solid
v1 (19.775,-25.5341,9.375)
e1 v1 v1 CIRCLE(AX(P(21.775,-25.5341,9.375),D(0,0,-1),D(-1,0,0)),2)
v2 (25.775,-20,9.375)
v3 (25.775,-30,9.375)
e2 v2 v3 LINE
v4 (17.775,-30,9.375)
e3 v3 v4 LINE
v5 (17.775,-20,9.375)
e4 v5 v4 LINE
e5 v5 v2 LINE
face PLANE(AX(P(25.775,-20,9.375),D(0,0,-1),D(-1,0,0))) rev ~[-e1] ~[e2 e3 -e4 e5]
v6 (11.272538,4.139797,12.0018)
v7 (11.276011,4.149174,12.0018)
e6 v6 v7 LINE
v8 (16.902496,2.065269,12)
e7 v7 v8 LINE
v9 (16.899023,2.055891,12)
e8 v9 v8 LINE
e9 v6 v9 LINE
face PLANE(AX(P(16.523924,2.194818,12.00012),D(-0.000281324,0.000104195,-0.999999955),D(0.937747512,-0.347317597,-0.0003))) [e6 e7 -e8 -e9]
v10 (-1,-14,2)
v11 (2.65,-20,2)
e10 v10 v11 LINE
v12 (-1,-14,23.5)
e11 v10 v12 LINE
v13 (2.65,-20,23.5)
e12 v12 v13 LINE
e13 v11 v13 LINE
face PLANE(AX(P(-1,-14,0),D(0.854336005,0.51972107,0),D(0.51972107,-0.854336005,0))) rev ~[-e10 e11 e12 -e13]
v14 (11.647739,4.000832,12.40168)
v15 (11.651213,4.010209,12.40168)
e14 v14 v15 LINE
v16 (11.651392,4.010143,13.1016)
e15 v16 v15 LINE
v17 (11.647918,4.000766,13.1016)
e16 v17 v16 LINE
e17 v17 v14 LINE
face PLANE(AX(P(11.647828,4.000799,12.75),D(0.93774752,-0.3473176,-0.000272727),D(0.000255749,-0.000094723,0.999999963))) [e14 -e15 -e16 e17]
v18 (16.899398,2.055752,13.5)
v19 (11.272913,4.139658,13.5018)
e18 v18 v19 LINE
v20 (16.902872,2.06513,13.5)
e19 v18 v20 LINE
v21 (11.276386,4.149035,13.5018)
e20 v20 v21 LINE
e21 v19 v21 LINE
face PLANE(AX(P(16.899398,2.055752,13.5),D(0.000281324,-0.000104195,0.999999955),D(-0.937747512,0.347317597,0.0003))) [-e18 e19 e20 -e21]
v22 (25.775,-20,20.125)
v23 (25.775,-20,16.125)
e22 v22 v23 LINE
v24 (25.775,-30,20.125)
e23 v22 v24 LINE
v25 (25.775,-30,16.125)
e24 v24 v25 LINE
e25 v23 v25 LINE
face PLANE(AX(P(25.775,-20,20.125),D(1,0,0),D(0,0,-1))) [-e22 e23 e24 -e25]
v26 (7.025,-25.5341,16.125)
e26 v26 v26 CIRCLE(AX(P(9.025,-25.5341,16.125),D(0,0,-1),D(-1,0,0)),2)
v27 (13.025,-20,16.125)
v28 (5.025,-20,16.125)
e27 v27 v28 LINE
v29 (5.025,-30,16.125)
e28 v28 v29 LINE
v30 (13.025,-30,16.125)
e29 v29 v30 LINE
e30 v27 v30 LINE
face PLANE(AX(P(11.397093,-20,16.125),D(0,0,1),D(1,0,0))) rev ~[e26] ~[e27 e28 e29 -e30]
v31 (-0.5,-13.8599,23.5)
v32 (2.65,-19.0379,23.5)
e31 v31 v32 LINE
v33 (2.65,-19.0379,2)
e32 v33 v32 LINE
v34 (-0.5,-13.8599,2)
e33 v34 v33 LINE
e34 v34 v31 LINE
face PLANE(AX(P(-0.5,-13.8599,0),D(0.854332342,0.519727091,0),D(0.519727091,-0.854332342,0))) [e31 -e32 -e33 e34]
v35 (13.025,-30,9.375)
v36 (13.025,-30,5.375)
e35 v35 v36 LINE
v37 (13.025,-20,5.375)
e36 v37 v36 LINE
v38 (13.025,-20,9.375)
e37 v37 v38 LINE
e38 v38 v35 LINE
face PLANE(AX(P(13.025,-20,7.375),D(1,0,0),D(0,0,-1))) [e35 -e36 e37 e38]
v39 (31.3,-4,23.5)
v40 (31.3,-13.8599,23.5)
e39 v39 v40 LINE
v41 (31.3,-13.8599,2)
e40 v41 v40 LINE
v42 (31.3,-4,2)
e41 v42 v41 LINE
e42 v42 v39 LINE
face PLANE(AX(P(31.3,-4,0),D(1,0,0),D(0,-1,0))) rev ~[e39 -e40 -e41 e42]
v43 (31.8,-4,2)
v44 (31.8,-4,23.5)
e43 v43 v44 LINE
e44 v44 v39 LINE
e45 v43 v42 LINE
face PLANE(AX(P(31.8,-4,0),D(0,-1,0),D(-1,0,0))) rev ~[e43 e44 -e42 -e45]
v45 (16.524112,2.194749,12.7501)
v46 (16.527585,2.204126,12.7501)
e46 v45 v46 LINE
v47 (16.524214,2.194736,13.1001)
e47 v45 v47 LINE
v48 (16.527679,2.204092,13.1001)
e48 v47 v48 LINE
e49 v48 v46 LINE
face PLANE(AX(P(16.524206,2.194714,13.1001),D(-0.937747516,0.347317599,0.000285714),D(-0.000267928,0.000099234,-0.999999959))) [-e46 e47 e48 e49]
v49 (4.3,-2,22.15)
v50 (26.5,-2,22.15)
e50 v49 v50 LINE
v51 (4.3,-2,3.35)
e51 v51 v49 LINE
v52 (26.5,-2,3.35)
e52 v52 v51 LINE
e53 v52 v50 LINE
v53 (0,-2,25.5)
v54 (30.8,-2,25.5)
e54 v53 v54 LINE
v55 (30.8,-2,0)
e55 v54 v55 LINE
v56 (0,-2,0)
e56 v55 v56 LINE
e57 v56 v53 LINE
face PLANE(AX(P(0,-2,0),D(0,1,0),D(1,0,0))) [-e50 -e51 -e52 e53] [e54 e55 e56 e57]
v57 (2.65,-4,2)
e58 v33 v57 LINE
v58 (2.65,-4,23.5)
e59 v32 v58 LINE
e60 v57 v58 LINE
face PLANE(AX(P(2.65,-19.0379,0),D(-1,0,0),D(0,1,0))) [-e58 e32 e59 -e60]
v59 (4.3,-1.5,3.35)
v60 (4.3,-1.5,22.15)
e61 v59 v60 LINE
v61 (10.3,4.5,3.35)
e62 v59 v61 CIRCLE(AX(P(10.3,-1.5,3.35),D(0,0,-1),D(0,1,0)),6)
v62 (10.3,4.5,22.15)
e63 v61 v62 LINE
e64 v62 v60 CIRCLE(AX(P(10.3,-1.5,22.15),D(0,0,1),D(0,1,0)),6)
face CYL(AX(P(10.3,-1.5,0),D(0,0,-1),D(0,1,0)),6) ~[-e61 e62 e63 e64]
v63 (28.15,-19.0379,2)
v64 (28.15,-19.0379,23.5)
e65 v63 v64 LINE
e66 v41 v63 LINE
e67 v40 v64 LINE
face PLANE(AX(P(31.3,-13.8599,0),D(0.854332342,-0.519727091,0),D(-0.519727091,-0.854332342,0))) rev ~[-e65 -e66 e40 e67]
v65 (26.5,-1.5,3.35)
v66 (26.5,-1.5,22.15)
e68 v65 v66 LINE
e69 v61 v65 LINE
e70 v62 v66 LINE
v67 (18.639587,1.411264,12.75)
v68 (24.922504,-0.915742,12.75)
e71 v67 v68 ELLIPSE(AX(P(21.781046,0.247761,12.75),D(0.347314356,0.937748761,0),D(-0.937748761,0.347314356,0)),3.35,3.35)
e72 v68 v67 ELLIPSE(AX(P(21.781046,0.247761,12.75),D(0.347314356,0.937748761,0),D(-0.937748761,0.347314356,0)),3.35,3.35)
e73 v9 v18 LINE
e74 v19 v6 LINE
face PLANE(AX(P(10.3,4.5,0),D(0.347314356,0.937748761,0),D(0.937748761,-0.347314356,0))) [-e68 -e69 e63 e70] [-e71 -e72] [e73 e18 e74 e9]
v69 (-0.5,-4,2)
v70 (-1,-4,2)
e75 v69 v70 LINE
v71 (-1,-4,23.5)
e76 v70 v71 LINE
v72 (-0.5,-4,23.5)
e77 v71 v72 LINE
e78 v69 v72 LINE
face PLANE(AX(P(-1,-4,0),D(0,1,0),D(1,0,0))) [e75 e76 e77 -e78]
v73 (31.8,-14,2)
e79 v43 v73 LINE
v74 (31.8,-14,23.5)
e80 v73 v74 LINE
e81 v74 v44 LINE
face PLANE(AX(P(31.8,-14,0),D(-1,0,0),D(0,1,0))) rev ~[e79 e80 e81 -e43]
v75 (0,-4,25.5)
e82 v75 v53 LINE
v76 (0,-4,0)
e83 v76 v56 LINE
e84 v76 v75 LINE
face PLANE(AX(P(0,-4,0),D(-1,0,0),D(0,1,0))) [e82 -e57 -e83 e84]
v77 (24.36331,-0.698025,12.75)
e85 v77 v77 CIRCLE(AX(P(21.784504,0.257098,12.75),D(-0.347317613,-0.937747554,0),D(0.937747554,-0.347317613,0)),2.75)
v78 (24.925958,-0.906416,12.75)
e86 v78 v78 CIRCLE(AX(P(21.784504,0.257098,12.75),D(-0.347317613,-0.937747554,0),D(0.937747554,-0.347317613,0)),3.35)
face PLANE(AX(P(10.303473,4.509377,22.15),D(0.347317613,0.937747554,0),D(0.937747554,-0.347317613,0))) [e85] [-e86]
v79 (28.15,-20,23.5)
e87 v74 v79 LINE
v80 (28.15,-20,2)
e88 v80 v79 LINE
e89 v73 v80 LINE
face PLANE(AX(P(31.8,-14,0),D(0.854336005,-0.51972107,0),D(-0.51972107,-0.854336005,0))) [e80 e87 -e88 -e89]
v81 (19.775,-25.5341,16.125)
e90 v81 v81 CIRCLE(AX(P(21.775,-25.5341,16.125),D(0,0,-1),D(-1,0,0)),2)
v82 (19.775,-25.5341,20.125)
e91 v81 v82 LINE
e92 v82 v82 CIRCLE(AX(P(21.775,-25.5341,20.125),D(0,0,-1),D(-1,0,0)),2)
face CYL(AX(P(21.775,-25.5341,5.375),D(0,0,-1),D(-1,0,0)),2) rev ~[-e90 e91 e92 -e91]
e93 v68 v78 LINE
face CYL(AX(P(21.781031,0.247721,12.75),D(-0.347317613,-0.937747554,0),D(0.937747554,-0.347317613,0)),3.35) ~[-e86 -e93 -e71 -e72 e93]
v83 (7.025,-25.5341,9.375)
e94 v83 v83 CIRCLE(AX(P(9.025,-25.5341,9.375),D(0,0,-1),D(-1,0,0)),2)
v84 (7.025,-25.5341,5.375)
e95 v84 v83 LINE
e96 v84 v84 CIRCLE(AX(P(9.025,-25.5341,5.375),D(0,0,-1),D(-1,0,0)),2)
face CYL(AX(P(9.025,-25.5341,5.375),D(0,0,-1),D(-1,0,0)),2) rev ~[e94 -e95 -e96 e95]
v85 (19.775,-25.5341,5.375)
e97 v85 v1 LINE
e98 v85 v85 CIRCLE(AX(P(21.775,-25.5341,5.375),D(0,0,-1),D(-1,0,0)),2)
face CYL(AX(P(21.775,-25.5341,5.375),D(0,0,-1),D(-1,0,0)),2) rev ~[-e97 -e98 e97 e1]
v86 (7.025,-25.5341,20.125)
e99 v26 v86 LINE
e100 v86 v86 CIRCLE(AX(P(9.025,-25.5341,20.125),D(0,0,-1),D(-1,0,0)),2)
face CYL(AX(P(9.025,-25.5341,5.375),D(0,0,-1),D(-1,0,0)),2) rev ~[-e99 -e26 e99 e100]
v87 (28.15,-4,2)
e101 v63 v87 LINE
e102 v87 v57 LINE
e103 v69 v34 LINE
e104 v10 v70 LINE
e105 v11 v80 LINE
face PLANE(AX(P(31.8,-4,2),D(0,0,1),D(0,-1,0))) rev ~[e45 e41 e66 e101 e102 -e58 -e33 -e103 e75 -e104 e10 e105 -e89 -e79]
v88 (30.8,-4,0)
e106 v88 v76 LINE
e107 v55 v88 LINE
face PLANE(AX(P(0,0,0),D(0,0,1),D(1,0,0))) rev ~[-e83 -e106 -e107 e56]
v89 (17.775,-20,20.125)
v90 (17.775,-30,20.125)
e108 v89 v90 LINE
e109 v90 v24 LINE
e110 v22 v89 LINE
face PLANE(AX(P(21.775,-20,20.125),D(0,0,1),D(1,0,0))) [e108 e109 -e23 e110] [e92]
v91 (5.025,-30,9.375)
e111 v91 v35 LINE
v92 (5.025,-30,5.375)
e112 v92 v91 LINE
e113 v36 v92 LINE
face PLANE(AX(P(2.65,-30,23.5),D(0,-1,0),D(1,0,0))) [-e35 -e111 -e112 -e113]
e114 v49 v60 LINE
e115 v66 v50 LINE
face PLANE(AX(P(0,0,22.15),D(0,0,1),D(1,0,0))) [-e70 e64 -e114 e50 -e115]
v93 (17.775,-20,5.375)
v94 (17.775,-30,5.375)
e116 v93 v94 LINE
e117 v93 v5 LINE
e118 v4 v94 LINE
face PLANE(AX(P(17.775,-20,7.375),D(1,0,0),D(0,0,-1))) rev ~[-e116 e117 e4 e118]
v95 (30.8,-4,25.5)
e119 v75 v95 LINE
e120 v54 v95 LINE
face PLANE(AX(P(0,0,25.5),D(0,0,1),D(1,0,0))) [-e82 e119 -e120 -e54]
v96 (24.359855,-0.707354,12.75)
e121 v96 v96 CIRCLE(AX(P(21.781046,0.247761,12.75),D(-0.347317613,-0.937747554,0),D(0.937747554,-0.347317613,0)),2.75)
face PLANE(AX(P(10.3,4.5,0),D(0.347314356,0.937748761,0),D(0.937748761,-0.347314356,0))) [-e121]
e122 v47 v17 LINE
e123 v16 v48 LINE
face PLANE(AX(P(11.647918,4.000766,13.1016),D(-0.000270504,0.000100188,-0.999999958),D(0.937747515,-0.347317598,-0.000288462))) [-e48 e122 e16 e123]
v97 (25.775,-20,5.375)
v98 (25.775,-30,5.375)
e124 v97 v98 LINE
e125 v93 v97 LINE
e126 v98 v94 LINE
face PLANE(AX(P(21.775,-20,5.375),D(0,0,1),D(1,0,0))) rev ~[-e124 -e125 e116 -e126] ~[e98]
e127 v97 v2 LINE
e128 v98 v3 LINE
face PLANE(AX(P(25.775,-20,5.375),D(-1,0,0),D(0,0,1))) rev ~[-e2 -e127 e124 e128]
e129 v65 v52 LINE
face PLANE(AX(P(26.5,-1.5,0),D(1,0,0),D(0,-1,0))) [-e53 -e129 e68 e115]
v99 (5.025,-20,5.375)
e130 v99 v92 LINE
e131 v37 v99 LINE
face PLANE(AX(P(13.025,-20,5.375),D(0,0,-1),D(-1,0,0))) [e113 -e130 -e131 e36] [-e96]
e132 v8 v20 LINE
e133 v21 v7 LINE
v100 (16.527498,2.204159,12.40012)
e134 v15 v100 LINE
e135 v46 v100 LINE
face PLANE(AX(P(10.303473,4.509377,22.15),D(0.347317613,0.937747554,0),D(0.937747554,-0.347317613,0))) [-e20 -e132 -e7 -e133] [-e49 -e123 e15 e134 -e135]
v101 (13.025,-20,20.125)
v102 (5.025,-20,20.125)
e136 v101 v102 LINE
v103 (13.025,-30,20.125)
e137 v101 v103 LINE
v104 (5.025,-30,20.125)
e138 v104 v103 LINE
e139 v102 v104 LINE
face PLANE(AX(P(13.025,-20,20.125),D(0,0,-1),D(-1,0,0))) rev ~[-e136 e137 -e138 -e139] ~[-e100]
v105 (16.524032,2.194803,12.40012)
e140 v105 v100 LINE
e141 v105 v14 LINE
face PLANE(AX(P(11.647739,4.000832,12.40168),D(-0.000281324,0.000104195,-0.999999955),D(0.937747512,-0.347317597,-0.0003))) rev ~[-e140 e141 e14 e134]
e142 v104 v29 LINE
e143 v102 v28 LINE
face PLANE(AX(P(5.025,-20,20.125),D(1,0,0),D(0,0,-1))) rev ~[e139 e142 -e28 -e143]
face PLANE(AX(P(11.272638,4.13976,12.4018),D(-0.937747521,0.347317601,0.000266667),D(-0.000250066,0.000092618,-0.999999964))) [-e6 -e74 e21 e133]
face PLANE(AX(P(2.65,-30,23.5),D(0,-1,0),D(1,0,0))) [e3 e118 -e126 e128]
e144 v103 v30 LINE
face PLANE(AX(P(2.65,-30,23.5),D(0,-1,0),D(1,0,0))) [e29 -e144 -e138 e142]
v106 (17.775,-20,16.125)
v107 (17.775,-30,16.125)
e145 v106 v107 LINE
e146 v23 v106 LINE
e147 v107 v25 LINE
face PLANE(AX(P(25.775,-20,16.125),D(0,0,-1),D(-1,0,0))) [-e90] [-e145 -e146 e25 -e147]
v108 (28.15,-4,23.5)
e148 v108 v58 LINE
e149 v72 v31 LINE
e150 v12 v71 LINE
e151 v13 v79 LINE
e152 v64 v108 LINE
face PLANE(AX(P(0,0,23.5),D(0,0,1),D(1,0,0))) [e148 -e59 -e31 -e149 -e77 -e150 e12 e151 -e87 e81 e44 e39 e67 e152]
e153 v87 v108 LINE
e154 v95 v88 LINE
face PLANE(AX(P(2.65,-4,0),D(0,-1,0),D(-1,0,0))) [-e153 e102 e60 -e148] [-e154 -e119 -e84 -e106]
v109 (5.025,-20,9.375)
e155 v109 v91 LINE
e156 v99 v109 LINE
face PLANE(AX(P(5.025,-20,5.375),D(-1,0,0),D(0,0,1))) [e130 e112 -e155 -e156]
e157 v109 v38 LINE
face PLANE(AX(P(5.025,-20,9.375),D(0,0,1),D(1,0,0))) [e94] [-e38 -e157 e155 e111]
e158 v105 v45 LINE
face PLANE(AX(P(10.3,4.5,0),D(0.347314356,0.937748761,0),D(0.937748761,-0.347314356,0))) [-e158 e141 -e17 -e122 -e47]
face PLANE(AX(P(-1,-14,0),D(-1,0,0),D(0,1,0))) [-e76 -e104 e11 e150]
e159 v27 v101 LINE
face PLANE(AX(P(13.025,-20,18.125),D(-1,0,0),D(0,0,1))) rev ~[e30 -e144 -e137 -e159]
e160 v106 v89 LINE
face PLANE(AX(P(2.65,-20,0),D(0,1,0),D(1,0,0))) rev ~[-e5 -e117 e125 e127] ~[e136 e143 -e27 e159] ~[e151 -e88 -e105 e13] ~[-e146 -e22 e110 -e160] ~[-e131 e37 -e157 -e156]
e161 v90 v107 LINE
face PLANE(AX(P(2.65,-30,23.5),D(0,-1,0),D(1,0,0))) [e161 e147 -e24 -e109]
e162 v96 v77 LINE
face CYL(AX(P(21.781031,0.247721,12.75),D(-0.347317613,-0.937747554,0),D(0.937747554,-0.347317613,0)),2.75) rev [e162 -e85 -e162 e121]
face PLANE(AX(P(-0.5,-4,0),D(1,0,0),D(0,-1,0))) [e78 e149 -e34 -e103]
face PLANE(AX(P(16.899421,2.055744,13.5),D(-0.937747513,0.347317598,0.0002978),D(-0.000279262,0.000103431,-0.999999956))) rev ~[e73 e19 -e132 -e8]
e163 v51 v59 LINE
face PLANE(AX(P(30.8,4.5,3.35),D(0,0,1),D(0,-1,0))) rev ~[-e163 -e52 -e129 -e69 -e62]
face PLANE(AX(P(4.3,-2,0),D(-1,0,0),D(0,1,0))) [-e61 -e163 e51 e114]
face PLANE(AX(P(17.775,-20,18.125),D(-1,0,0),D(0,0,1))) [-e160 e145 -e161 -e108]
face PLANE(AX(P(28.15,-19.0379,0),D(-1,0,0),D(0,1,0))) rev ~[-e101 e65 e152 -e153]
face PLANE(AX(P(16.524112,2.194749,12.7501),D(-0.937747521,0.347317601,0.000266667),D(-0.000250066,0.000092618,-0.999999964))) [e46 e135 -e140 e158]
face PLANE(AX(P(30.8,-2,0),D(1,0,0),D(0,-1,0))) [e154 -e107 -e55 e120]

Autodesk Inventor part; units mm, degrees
ref_plane "YZ Plane" through (0, 0, 0) normal (1, 0, 0) x (0, 1, 0)
ref_plane "XZ Plane" through (0, 0, 0) normal (0, 1, 0) x (-1, 0, 0)
ref_plane "XY Plane" through (0, 0, 0) normal (0, 0, 1) x (1, 0, 0)
sketch "Sketch1" plane through (0, 0, 0) normal (0, 0, 1) x (1, 0, 0)
  line L0 (0, -2) -> (30.8, -2)
  line L1 (4.3, -2) -> (4.3, -1.5)
  line L2 (30.8, -2) -> (30.8, -4)
  line L3 (30.8, -4) -> (0, -4)
  line L4 (0, -4) -> (0, -2)
  line L5 (2.65, -20) -> (28.15, -20)
  line L6 (2.65, -20) -> (2.65, -4)
  line L7 (28.15, -20) -> (28.15, -4)
  arc A0 (10.3, 4.5) -> (4.3, -1.5) centre (10.3, -1.5) ccw
  line L8 (10.3, 4.5) -> (26.5, -1.5)
  line L9 (26.5, -1.5) -> (26.5, -2)
  line L10 (-1, -14) -> (2.65, -20)
  line L11 (-1, -14) -> (-1, -4)
  line L12 (-0.5, -4) -> (-0.5, -13.8599)
  line L13 (-0.5, -13.8599) -> (2.65, -19.0379)
  line L14 (-1, -4) -> (-0.5, -4)
  line L15 (31.8, -14) -> (28.15, -20)
  line L16 (31.8, -14) -> (31.8, -4)
  line L17 (31.3, -4) -> (31.3, -13.8599)
  line L18 (31.3, -13.8599) -> (28.15, -19.0379)
  line L19 (31.8, -4) -> (31.3, -4)
  point P0 (4.3, 4.5)
  dimension "d0" = 30.8
  dimension "d2" = 6.5
  dimension "d4" = 2
  dimension "d6" = 4.3
  dimension "d9" = 25.5
  dimension "d10" = 16
  dimension "d11" = 6
  dimension "d12" = 0.5
  dimension "d13" = 6
  dimension "d16" = 6
  dimension "d17" = 10
  dimension "d19" = 0.5
extrude "Extrusion1" add sketch "Sketch1" along normal blind 25.5 contours L0 L2 L3 L4
extrude "Extrusion2" add sketch "Sketch1" along normal blind 22.15 contours L1 A0 L8 L9 L0
sketch "Sketch2" plane through (30.8, -4, 0) normal (1, 0, 0) x (0, 0, -1)
  line L0 (-3.35, 8.5) -> (-3.35, 2)
  line L1 (0, 8.5) -> (-22.15, 8.5) projected
  line L2 (-3.35, 8.5) -> (0, 8.5)
  line L3 (0, 0) -> (-25.5, 0) projected
  line L4 (0, 2) -> (-22.15, 2) projected
  line L5 (-3.35, 2) -> (0, 2)
  line L6 (0, 2) -> (0, 8.5)
  point P0 (0, 4)
extrude "Extrusion3" cut sketch "Sketch2" against normal blind 30
extrude "Extrusion4" add sketch "Sketch1" along normal blind 23.5 contours L3 L7 L5 L6 | L6 L10 L11 L14 L12 L13 | L18 L17 L19 L16 L15 L7
sketch "Sketch3" plane through (31.8, -14, 0) normal (1, 0, 0) x (0, 0, -1)
  line L0 (0, 10) -> (-25.5, 10) projected
  line L1 (0, 10) -> (-2, 10)
  line L2 (-2, 10) -> (-2, -9.6179)
  line L3 (-2, -9.6179) -> (0, -9.6179)
  line L4 (0, -5.0379) -> (0, 10) projected
  line L5 (0, -9.6179) -> (0, 10)
  line L6 (0, 10) -> (0, -9.6179)
  point P0 (0, 14)
  dimension "d29" = 2
extrude "Extrusion5" cut sketch "Sketch3" against normal blind 40
sketch "Sketch4" plane through (2.65, -20, 23.5) normal (0, -1, 0) x (1, 0, 0)
  line L0 (25.5, -21.5) -> (25.5, 0) projected
  line L1 (25.5, -21.5) -> (0, 0)
  line L2 (12.75, -10.75) -> (12.75, -21.5)
  line L3 (0, -21.5) -> (25.5, -21.5) projected
  line L4 (12.75, -21.5) -> (25.5, -21.5)
  line L5 (19.125, -21.5) -> (19.125, 0)
  line L6 (0, 0) -> (25.5, 0) projected
  line L7 (19.125, -16.125) -> (15.125, -16.125)
  line L8 (15.125, -16.125) -> (15.125, -18.125)
  line L9 (15.125, -18.125) -> (23.125, -18.125)
  line L10 (23.125, -18.125) -> (23.125, -14.125)
  line L11 (23.125, -14.125) -> (15.125, -14.125)
  line L12 (15.125, -14.125) -> (15.125, -16.125)
  line L13 (12.75, -10.75) -> (9.9991, -10.75)
  line L14 (10.375, -16.125) -> (10.375, -18.125)
  line L15 (10.375, -18.125) -> (2.375, -18.125)
  line L16 (2.375, -18.125) -> (2.375, -14.125)
  line L17 (2.375, -14.125) -> (10.375, -14.125)
  line L18 (10.375, -14.125) -> (10.375, -16.125)
  line L19 (15.125, -5.375) -> (15.125, -3.375)
  line L20 (15.125, -3.375) -> (23.125, -3.375)
  line L21 (23.125, -3.375) -> (23.125, -7.375)
  line L22 (23.125, -7.375) -> (15.125, -7.375)
  line L23 (15.125, -7.375) -> (15.125, -5.375)
  line L24 (10.375, -5.375) -> (10.375, -3.375)
  line L25 (10.375, -3.375) -> (2.375, -3.375)
  line L26 (2.375, -3.375) -> (2.375, -7.375)
  line L27 (2.375, -7.375) -> (10.375, -7.375)
  line L28 (10.375, -7.375) -> (10.375, -5.375)
  line L29 (19.125, -14.125) -> (16.7529, -14.125)
  line L30 (19.125, -7.375) -> (15.125, -7.375)
  line L31 (15.125, -3.375) -> (15.125, -7.375)
  line L32 (19.125, -3.375) -> (15.125, -3.375)
  point P0 (-2.65, -23.5)
  dimension "d32" = 4
  dimension "d33" = 2
  dimension "d34" = 8
  dimension "d35" = 4
extrude "Extrusion6" add sketch "Sketch4" along normal blind 10 contours L9 L5 L1 | L1 L5 L11 L10 L9 | L7 L12 L11 L1 | L1 L11 L5 | L5 L9 L8 L7 | L20 L21 L22 L5 | L5 L22 L23 L19 L20 | L25 L24 L28 L27 L1 | L1 L27 L26 L25 | L14 L15 L16 L17 L18
sketch "Sketch5" plane through (25.775, -20, 5.375) normal (0, 0, -1) x (-1, 0, 0)
  circle A0 centre (4, -5.5341) radius 2
  line L0 (23.125, 0) -> (-2.375, 0) projected
  line L1 (10.375, 0) -> (10.375, -1.7461)
  circle A1 centre (16.75, -5.5341) radius 2
  dimension "d38" = 4
extrude "Extrusion7" cut sketch "Sketch5" against normal blind 40
sketch "Sketch6" plane through (10.3, 4.5, 22.15) normal (0.3473, 0.9377, 0) x (0.9377, -0.3473, 0)
  line L0 (17.2754, 18.8) -> (17.2754, 0) projected
  line L1 (17.2754, 9.4) -> (-10.0504, 9.4)
  line L2 (17.4491, 0) -> (-3.3689, 0) projected
  line L3 (7.0401, 0) -> (7.0357, 14.775)
  line L4 (7.0357, 12.775) -> (7.0357, 16.775) projected
  line L5 (7.0373, 9.4) -> (17.4491, 0)
  circle A0 centre (12.2432, 9.4) radius 2.75
  line L6 (7.0401, 0) -> (0, 9.4)
  line L7 (0, 18.8) -> (0, 0) projected
  line L8 (7.0373, 9.4) -> (7.0375, 8.65)
  line L9 (7.0375, 8.65) -> (1.0375, 8.6482)
  line L10 (1.0375, 8.6482) -> (1.0371, 10.1482)
  line L11 (1.0371, 10.1482) -> (7.0371, 10.15)
  line L12 (7.0373, 9.4) -> (7.0371, 10.15)
  line L13 (1.0371, 10.1482) -> (7.0371, 10.15)
  circle A1 centre (12.2432, 9.4) radius 3.35
  line L14 (1.4371, 10.1484) -> (1.4374, 9.0484)
  line L15 (1.4374, 9.0484) -> (6.6374, 9.0499)
  line L16 (6.6374, 9.0499) -> (6.6373, 9.3999)
  line L17 (1.0372, 9.7482) -> (7.0372, 9.75)
  line L18 (6.6373, 9.3999) -> (6.6371, 10.1499)
  point P0 (-8.0959, 22.15)
  point P1 (1.4372, 9.7484)
  point P2 (6.6372, 9.7499)
  dimension "d41" = 5.5
  dimension "d42" = 0.75
  dimension "d43" = 6
  dimension "d44" = 1.5
  dimension "d45" = 0.6
  dimension "d46" = 0.4
  dimension "d47" = 0.4
  dimension "d48" = 0.4
extrude "Extrusion8" add sketch "Sketch6" along normal blind 0.01 contours A1 L1 A0 | L1 A0 A1 | L3 L9 L10 L1 L14 L15 L16 | L1 L18 L17 L3 | L17 L18 L11 L3 | L1 L10 L17 L14 | L17 L14 L11 L18 | L17 L10 L11 L14
sketch "Sketch7" plane through (13.025, -20, 5.375) normal (0, 0, -1) x (-1, 0, 0)
  circle A0 centre (4, -5.5341) radius 2 projected
properties part number "Tecla On_Off - Máquina - DMI"
